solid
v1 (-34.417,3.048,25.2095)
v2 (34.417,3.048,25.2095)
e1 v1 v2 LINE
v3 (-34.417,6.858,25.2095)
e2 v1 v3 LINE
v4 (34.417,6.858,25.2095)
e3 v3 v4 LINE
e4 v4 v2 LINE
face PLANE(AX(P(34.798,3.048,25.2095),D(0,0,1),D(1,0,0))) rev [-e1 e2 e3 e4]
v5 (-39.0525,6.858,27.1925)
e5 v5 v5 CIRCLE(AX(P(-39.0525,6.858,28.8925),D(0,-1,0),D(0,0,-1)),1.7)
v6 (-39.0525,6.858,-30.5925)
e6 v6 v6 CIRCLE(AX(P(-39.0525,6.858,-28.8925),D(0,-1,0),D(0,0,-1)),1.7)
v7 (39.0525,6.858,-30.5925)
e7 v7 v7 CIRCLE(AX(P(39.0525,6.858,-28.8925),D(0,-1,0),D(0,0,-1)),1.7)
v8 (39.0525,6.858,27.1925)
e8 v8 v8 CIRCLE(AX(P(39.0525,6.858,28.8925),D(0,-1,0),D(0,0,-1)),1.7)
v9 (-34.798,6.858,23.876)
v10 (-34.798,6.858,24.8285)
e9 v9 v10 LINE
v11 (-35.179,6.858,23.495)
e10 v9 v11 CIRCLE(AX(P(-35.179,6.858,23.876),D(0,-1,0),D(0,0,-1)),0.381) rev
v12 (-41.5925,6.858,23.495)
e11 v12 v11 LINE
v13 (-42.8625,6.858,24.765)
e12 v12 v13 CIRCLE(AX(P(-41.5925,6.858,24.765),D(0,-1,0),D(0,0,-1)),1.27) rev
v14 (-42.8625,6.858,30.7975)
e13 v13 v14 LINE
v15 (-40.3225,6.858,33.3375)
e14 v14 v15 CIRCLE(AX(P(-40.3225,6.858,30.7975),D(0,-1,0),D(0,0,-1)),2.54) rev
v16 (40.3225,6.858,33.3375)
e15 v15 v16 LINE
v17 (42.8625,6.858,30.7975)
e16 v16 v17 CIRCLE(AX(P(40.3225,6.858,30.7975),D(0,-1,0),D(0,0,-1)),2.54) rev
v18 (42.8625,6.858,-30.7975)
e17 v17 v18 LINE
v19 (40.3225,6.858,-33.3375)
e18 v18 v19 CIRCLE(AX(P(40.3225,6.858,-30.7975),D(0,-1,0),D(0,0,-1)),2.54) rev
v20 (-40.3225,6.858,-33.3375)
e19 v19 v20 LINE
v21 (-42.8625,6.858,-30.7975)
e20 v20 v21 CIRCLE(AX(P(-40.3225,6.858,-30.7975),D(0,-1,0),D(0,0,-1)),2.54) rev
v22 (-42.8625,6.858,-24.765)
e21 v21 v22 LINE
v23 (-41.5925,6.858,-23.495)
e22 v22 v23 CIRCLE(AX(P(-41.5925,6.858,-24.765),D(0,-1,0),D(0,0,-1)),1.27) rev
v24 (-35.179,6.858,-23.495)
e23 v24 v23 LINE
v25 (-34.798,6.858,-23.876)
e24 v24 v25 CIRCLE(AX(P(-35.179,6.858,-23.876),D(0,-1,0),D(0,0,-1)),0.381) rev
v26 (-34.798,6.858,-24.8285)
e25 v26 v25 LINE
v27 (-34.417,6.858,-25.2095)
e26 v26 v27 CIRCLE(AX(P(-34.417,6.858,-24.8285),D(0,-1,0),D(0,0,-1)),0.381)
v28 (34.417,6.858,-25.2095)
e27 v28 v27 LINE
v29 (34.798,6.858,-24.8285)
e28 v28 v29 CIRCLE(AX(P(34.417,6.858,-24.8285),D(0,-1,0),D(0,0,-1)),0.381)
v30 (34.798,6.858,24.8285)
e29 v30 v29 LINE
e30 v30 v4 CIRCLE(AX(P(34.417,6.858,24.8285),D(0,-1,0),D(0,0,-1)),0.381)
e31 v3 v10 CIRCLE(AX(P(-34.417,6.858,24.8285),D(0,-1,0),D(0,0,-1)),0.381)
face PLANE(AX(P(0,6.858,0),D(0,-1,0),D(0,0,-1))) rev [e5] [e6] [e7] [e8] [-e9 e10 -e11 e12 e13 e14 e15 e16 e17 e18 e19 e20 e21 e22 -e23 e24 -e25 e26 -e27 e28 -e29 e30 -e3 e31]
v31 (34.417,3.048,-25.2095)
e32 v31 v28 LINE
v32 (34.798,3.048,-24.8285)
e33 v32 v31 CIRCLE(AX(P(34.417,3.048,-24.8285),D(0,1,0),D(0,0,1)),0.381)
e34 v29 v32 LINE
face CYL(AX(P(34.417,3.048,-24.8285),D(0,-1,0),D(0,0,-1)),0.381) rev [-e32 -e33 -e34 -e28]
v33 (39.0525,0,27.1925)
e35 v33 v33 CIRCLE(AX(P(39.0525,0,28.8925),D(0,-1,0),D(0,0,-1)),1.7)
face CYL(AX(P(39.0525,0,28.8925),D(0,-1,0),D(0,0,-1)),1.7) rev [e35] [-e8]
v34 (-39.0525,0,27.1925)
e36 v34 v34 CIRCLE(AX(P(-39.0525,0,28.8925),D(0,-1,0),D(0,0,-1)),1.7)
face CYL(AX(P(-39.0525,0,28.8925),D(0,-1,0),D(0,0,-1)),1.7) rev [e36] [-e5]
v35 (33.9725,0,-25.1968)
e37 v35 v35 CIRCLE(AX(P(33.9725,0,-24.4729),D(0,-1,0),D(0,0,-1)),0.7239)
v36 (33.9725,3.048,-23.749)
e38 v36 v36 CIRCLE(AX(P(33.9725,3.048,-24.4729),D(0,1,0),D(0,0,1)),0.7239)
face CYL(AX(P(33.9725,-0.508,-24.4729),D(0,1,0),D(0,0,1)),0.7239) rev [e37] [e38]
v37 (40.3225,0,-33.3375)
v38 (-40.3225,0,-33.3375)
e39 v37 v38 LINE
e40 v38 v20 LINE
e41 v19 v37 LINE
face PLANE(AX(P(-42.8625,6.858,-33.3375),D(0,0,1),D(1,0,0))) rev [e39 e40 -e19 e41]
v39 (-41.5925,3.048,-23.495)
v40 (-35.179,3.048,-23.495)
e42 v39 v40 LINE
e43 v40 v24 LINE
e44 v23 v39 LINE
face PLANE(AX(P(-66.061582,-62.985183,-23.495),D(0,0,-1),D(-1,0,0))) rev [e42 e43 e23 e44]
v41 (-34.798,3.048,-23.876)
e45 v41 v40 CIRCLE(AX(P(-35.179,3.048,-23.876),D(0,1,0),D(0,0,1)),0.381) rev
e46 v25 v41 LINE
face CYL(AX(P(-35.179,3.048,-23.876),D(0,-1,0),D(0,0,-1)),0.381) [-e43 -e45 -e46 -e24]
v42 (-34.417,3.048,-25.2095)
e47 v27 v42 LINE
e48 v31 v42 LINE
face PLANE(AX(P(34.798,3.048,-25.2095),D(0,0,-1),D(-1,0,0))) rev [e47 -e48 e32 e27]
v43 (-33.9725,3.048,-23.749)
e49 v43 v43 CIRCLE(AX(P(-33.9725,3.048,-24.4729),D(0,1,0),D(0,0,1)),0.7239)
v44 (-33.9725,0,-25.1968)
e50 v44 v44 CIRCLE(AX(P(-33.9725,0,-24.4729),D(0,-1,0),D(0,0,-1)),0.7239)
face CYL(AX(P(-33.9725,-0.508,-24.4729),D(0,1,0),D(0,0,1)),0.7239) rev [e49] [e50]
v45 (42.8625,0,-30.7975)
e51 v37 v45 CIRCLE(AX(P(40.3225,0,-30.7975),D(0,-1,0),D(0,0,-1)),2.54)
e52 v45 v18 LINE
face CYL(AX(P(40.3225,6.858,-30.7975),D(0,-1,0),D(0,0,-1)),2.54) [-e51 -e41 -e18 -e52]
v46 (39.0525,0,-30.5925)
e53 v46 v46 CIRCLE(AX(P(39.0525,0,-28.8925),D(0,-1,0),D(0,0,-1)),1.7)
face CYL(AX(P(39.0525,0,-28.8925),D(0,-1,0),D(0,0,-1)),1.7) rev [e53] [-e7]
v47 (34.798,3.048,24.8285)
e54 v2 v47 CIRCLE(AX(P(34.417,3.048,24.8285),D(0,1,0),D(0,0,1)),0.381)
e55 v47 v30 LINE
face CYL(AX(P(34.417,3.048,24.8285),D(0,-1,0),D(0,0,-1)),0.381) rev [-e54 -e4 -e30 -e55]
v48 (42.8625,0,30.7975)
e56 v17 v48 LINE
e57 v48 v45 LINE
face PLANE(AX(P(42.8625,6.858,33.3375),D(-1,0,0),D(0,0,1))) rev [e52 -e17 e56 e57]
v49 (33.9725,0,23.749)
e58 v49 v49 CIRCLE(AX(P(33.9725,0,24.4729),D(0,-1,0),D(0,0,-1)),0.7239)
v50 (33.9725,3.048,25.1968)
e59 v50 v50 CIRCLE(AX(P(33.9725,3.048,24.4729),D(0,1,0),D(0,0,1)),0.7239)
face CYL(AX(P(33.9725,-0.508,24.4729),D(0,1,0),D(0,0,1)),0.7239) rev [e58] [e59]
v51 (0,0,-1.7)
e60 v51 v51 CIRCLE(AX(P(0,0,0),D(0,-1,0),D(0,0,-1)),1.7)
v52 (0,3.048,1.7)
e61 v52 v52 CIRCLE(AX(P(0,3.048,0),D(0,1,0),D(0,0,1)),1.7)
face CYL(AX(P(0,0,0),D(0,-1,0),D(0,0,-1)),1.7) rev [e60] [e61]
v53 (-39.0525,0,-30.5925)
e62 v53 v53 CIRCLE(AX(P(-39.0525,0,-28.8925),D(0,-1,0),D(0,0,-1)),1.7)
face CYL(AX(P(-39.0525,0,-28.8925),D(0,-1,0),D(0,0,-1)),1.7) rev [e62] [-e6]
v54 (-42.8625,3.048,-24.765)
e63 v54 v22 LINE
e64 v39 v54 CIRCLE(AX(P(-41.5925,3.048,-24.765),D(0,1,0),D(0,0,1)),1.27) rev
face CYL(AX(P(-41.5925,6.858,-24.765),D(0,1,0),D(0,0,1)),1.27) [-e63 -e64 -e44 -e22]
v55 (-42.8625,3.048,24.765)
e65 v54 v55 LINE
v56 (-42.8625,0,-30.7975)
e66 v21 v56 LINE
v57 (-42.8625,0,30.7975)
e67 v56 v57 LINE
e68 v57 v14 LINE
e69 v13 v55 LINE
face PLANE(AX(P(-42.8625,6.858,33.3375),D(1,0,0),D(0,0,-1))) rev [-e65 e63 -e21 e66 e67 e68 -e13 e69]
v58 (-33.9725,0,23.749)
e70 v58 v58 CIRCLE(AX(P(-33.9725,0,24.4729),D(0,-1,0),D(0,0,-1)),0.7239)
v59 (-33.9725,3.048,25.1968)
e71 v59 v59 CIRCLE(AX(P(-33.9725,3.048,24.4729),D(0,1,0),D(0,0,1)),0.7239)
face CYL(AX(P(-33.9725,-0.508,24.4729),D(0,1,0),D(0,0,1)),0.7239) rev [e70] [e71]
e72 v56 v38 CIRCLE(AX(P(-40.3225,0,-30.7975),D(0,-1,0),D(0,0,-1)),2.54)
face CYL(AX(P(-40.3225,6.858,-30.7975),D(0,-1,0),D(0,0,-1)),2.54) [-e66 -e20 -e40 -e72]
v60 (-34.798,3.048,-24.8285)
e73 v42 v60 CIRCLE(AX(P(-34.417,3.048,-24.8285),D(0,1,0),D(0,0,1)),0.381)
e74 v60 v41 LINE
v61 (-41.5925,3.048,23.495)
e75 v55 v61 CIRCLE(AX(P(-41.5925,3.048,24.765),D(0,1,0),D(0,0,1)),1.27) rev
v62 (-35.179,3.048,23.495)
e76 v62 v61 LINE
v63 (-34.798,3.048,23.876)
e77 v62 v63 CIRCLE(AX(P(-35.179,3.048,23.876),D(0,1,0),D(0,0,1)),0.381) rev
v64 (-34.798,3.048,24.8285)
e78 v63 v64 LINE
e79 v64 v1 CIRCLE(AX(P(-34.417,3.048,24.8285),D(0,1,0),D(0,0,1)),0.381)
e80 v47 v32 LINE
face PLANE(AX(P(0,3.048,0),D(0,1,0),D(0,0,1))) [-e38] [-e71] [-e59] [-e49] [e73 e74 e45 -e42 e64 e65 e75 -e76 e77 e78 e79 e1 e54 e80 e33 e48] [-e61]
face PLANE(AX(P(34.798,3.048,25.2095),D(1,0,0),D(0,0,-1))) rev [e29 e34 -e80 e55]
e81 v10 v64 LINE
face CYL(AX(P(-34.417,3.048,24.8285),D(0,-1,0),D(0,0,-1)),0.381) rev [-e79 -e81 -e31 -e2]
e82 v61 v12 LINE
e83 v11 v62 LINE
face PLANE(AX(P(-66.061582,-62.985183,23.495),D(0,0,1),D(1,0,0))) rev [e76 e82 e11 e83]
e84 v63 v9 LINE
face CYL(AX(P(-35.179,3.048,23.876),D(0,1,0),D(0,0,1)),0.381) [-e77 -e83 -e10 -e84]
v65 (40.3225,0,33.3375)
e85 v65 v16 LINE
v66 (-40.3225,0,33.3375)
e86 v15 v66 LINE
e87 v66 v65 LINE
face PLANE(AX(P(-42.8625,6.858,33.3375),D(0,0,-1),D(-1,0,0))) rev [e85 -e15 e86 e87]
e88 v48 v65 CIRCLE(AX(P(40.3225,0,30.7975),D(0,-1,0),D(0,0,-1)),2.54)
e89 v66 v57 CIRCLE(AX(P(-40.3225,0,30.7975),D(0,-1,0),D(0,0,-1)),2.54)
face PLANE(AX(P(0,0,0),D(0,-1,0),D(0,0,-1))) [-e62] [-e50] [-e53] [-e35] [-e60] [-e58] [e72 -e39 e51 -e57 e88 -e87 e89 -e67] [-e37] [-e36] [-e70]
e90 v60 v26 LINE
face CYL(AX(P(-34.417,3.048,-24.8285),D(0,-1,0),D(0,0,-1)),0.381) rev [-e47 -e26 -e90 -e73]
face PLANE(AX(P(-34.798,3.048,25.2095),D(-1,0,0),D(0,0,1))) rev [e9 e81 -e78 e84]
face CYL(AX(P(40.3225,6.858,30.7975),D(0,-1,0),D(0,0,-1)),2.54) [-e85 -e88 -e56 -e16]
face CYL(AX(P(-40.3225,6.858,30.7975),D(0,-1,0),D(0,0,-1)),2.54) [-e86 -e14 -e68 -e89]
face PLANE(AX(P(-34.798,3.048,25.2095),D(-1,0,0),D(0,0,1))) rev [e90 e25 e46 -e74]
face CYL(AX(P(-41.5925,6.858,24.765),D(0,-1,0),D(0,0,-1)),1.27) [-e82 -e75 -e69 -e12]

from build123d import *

# Parameters (mm, degrees)
SKETCH1_W                = 85.725
SKETCH1_H                = 66.675
BOSS_EXTRUDE1_DEPTH      = 6.858
FILLET1_R                = 2.54
SKETCH2_W                = 69.596
SKETCH2_H                = 50.419
CUT_EXTRUDE1_DEPTH       = 3.81
FILLET2_R                = 0.381
SKETCH3_R                = 0.7239
CUT_EXTRUDE2_DEPTH       = 3.556
M3_CLEARANCE_HOLE1_D     = 3.4
M3_CLEARANCE_HOLE1_DEPTH = 6.858
SKETCH6_W                = 46.393114838
SKETCH6_H                = 46.99
CUT_EXTRUDE3_DEPTH       = 3.81
FILLET3_R                = 0.381
FILLET4_R                = 1.27


with BuildPart() as part:
    # Sketch1 → Boss-Extrude1 (new body)
    with BuildSketch(Plane(origin=(0, 0, 0), x_dir=(1, 0, 0), z_dir=(0, 1, 0))):
        Rectangle(SKETCH1_W, SKETCH1_H)
    extrude(amount=BOSS_EXTRUDE1_DEPTH)

    # Fillet1
    fillet1_edges = [part.edges().sort_by_distance(p)[0] for p in [
        (42.8625, 3.429, 33.3375),
        (-42.8625, 3.429, 33.3375),
        (-42.8625, 3.429, -33.3375),
        (42.8625, 3.429, -33.3375),
    ]]
    fillet(fillet1_edges, radius=FILLET1_R)

    # Sketch2 → Cut-Extrude1 (cut)
    with BuildSketch(Plane(origin=(0, 6.858, 0), x_dir=(1, 0, 0), z_dir=(0, 1, 0))):
        Rectangle(SKETCH2_W, SKETCH2_H)
    extrude(amount=-CUT_EXTRUDE1_DEPTH, mode=Mode.SUBTRACT)

    # Fillet2
    fillet2_edges = [part.edges().sort_by_distance(p)[0] for p in [
        (-34.798, 4.953, 25.2095),
        (-34.798, 4.953, -25.2095),
        (34.798, 4.953, -25.2095),
        (34.798, 4.953, 25.2095),
    ]]
    fillet(fillet2_edges, radius=FILLET2_R)

    # Sketch3 → Cut-Extrude2 (cut)
    with BuildSketch(Plane(origin=(0, 3.048, 0), x_dir=(1, 0, 0), z_dir=(0, 1, 0))):
        with Locations(Location((-33.9725, 24.4729, 0), (0, 0, 270))):
            Circle(SKETCH3_R)
        with Locations(Location((33.9725, 24.4729, 0), (0, 0, 270))):
            Circle(SKETCH3_R)
        with Locations(Location((33.9725, -24.4729, 0), (0, 0, 270))):
            Circle(SKETCH3_R)
        with Locations(Location((-33.9725, -24.4729, 0), (0, 0, 270))):
            Circle(SKETCH3_R)
    extrude(amount=-CUT_EXTRUDE2_DEPTH, mode=Mode.SUBTRACT)

    # M3 Clearance Hole1
    with Locations(Plane(origin=(0, 0, 0), x_dir=(-1, 0, 0), z_dir=(0, -1, 0))):
        with Locations((-39.0525, 28.8925), (0, 0), (39.0525, 28.8925), (-39.0525, -28.8925), (39.0525, -28.8925)):
            Hole(M3_CLEARANCE_HOLE1_D / 2, depth=M3_CLEARANCE_HOLE1_DEPTH)

    # Sketch6 → Cut-Extrude3 (cut)
    with BuildSketch(Plane(origin=(0, 6.858, 0), x_dir=(1, 0, 0), z_dir=(0, 1, 0))):
        with Locations((-42.86502452, 0)):
            Rectangle(SKETCH6_W, SKETCH6_H)
    extrude(amount=-CUT_EXTRUDE3_DEPTH, mode=Mode.SUBTRACT)

    # Fillet3
    fillet3_edges = [part.edges().sort_by_distance(p)[0] for p in [
        (-34.798, 4.953, -23.495),
        (-34.798, 4.953, 23.495),
    ]]
    fillet(fillet3_edges, radius=FILLET3_R)

    # Fillet4
    fillet4_edges = [part.edges().sort_by_distance(p)[0] for p in [
        (-42.8625, 4.953, -23.495),
        (-42.8625, 4.953, 23.495),
    ]]
    fillet(fillet4_edges, radius=FILLET4_R)


solid = part.part
